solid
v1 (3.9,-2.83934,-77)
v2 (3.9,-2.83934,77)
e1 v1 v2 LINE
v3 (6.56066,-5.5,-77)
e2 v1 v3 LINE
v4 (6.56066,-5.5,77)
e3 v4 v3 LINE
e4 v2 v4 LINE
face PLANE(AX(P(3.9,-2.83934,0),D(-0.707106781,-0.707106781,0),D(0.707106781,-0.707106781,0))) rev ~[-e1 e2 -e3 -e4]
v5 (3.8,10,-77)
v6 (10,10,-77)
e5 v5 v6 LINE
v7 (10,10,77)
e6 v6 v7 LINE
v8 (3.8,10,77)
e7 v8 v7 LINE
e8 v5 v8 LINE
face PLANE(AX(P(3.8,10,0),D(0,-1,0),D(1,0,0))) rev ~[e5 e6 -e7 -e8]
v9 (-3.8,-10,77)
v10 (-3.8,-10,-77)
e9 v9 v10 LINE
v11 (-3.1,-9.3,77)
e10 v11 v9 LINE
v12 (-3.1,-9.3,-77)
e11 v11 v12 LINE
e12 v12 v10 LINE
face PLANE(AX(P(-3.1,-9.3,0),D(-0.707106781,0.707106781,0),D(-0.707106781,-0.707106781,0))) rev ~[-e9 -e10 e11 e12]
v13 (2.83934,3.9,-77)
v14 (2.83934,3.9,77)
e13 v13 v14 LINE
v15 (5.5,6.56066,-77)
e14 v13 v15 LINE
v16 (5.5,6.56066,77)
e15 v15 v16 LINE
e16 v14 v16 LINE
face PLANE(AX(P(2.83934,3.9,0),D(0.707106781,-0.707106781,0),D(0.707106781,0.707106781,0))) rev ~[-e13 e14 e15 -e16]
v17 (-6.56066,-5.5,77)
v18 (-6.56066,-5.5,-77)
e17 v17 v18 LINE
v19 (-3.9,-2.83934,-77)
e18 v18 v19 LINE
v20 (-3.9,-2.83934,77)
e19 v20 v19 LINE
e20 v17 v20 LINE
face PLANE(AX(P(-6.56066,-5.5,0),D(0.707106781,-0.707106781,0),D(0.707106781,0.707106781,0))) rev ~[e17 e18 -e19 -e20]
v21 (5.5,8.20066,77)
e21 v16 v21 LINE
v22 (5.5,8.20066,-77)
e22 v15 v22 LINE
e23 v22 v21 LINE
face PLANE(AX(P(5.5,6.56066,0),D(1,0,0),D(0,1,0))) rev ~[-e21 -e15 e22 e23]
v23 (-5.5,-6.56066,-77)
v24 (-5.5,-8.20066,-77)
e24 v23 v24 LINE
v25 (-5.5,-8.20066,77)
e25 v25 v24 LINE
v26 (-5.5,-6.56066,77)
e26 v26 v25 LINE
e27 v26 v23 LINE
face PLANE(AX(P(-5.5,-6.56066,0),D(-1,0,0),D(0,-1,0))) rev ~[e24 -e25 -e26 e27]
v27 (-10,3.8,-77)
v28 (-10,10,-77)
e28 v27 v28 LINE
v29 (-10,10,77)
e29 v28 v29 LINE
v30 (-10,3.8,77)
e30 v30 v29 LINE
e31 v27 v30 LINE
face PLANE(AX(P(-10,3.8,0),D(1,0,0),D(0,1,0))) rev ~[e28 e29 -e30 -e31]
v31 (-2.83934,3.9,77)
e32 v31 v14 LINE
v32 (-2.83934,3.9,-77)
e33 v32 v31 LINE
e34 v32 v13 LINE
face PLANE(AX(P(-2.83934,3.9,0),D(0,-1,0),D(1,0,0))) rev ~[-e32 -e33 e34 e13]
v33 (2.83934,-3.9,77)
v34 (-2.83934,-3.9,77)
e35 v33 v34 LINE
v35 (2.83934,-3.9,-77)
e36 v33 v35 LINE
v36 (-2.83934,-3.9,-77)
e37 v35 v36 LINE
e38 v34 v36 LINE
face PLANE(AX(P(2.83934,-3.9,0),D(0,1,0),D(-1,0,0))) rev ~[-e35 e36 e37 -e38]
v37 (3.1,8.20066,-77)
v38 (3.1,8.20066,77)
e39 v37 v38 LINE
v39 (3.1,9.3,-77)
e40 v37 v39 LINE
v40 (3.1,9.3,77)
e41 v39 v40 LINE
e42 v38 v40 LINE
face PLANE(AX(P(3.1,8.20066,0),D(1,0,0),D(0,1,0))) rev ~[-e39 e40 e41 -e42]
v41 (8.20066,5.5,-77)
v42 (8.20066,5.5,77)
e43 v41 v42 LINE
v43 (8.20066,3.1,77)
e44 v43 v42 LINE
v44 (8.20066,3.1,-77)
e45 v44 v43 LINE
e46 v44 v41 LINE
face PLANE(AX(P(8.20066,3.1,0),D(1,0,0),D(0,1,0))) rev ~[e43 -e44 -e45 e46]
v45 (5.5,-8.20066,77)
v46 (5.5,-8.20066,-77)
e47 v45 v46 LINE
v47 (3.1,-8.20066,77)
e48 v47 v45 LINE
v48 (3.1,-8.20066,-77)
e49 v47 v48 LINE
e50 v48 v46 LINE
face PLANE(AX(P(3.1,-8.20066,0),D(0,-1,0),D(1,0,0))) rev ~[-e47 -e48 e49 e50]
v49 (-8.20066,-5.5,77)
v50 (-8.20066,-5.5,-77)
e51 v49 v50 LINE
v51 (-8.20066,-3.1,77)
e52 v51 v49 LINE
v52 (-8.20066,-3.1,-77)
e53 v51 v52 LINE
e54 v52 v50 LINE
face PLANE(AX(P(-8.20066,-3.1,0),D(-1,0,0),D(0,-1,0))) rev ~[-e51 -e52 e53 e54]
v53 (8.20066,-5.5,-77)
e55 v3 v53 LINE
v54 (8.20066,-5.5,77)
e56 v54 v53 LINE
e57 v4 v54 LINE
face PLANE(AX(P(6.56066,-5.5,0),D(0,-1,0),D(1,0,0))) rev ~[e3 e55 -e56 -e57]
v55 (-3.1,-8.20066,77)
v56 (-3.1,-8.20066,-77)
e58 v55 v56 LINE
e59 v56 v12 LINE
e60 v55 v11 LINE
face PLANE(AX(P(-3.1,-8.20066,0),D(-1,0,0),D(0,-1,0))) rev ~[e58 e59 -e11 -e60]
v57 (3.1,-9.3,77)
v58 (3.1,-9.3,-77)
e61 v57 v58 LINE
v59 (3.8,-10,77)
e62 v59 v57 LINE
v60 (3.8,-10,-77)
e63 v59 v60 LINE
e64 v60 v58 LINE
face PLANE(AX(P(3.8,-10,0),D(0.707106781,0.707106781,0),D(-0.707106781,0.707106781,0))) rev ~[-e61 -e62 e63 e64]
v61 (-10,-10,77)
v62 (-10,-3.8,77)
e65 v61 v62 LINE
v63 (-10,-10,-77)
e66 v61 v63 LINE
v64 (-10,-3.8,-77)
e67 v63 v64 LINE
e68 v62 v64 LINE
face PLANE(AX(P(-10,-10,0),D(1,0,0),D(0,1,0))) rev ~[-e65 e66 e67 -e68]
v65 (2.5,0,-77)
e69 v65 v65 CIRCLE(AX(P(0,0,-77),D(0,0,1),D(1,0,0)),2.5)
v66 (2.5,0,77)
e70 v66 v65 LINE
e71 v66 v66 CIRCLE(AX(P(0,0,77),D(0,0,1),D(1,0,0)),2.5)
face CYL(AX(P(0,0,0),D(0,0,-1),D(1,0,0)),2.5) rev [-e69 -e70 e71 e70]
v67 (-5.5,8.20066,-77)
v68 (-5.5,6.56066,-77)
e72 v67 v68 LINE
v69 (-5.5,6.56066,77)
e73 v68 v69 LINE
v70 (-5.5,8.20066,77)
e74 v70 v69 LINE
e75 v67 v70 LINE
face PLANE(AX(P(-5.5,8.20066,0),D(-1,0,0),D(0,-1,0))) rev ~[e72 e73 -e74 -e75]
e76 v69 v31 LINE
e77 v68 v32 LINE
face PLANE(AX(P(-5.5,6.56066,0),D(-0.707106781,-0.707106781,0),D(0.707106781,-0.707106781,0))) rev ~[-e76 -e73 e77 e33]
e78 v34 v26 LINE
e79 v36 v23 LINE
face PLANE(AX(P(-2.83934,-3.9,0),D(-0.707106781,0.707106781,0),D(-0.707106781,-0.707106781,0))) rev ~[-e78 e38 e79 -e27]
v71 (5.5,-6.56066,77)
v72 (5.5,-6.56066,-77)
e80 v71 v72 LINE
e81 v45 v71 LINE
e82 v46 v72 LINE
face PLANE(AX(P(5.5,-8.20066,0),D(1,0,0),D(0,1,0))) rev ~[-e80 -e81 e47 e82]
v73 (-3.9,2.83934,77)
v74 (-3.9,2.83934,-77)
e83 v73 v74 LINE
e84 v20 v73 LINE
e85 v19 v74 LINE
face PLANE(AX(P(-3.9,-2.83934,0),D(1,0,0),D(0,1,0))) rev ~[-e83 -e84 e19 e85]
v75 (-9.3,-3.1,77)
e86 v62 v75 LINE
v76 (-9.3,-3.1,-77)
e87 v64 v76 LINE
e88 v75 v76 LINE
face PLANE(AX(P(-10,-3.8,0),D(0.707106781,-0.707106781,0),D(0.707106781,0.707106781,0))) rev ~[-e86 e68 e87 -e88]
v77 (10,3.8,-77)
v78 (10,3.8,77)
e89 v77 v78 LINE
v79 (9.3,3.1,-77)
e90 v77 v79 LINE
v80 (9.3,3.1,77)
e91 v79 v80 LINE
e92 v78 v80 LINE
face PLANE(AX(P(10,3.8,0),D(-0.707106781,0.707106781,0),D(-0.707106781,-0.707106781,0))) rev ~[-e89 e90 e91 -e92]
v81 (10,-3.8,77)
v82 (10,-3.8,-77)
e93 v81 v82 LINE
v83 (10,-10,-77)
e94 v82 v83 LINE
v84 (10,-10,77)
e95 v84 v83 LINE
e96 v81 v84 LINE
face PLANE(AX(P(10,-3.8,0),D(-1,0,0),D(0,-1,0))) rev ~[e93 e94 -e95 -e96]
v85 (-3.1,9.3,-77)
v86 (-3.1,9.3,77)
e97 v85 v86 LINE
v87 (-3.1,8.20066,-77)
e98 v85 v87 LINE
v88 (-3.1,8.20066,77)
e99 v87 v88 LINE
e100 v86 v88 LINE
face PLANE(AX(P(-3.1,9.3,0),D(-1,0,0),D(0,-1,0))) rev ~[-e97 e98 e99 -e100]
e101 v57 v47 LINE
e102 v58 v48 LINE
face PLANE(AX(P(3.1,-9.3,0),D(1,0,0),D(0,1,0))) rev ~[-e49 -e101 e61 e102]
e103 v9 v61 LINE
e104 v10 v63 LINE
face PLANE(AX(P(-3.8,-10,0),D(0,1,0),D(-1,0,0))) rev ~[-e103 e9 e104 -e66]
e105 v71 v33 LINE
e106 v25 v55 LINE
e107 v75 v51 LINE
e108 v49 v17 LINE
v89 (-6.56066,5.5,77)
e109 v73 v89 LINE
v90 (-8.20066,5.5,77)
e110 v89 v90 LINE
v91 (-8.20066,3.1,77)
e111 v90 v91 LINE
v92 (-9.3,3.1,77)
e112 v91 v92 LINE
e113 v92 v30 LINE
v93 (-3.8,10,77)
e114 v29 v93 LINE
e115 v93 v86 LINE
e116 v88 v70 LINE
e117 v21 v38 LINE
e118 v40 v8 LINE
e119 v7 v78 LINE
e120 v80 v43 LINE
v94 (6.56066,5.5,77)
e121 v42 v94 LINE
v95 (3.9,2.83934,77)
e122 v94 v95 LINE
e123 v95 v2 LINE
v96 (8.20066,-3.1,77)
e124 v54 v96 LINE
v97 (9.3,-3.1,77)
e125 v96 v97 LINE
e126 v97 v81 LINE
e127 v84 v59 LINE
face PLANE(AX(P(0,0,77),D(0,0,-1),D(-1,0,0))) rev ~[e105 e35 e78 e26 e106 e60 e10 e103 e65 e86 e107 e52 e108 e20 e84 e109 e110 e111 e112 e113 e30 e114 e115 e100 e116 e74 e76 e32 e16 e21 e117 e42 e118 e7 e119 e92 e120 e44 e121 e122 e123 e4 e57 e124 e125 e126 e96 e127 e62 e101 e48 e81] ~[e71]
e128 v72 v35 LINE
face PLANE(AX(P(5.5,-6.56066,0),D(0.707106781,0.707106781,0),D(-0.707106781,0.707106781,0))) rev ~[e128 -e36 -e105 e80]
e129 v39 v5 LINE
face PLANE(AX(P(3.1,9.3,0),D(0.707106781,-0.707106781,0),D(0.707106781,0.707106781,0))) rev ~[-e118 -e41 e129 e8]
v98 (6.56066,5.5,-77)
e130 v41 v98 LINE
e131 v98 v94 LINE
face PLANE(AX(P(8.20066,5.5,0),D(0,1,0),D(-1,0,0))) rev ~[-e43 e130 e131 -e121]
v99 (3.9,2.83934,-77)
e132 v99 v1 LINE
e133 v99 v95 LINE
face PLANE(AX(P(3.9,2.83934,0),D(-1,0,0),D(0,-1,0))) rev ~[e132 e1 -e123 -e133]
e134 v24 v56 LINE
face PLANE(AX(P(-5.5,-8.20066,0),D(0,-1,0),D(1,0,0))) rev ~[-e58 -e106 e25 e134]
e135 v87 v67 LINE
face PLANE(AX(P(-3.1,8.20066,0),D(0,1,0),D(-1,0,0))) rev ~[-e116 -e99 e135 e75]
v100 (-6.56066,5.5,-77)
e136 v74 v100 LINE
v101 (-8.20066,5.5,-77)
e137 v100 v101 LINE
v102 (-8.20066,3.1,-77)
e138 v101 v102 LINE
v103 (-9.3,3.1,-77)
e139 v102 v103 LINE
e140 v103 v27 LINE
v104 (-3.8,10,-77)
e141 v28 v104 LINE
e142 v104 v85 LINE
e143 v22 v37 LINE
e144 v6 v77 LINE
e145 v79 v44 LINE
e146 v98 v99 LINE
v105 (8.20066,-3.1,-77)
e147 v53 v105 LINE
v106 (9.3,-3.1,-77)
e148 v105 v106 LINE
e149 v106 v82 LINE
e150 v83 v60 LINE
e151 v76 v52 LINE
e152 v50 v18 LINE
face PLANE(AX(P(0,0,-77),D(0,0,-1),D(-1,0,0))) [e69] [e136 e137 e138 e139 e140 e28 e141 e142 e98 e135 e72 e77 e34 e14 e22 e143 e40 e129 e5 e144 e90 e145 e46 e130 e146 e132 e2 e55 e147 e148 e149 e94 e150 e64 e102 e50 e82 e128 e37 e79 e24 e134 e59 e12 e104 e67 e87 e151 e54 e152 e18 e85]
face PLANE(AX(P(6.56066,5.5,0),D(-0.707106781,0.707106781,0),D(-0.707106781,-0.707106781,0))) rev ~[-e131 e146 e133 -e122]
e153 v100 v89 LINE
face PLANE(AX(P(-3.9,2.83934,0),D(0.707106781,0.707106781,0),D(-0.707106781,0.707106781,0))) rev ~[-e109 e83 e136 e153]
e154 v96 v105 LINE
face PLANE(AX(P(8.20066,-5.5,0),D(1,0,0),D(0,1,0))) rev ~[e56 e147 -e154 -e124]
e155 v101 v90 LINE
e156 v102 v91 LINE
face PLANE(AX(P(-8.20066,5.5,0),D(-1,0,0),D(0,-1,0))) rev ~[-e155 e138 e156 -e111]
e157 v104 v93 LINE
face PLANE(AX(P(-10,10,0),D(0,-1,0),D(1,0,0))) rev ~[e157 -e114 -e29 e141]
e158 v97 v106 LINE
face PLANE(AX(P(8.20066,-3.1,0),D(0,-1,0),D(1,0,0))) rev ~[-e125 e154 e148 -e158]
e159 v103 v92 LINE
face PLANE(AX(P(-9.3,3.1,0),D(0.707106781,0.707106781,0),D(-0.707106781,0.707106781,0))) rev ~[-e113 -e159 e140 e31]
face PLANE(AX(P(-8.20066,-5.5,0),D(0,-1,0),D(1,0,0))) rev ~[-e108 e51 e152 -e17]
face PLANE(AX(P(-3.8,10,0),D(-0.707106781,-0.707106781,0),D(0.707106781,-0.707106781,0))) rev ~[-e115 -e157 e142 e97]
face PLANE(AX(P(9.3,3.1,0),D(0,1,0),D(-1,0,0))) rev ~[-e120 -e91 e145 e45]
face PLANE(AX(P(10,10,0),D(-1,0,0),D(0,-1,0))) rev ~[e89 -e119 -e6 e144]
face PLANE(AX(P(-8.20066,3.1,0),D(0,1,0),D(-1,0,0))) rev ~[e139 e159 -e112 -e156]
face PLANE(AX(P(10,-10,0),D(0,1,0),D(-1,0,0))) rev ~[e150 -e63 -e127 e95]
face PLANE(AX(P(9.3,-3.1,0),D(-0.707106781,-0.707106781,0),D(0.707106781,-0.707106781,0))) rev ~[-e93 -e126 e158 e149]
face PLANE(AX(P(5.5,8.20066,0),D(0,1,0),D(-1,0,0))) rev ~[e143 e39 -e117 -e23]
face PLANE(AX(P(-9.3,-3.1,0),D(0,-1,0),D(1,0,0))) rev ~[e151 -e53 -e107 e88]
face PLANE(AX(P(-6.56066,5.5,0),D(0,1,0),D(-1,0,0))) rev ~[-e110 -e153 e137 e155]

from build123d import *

# Parameters (mm, degrees)
SKETCH1_R           = 2.5
BOSS_EXTRUDE1_DEPTH = 77


with BuildPart() as part:
    # Sketch1 → Boss-Extrude1 (new, symmetric)
    with BuildSketch(Plane.XY):
        Polygon((3.9, -2.839339828), (6.560660172, -5.5), (8.200660172, -5.5), (8.200660172, -3.1), (9.3, -3.1), (10, -3.8), (10, -10), (3.8, -10), (3.1, -9.3), (3.1, -8.200660172), (5.5, -8.200660172), (5.5, -6.560660172), (2.839339828, -3.9), (-2.839339828, -3.9), (-5.5, -6.560660172), (-5.5, -8.200660172), (-3.1, -8.200660172), (-3.1, -9.3), (-3.8, -10), (-10, -10), (-10, -3.8), (-9.3, -3.1), (-8.200660172, -3.1), (-8.200660172, -5.5), (-6.560660172, -5.5), (-3.9, -2.839339828), (-3.9, 2.839339828), (-6.560660172, 5.5), (-8.200660172, 5.5), (-8.200660172, 3.1), (-9.3, 3.1), (-10, 3.8), (-10, 10), (-3.8, 10), (-3.1, 9.3), (-3.1, 8.200660172), (-5.5, 8.200660172), (-5.5, 6.560660172), (-2.839339828, 3.9), (2.839339828, 3.9), (5.5, 6.560660172), (5.5, 8.200660172), (3.1, 8.200660172), (3.1, 9.3), (3.8, 10), (10, 10), (10, 3.8), (9.3, 3.1), (8.200660172, 3.1), (8.200660172, 5.5), (6.560660172, 5.5), (3.9, 2.839339828), align=None)
        Circle(SKETCH1_R, mode=Mode.SUBTRACT)
    extrude(amount=BOSS_EXTRUDE1_DEPTH, both=True)


solid = part.part
